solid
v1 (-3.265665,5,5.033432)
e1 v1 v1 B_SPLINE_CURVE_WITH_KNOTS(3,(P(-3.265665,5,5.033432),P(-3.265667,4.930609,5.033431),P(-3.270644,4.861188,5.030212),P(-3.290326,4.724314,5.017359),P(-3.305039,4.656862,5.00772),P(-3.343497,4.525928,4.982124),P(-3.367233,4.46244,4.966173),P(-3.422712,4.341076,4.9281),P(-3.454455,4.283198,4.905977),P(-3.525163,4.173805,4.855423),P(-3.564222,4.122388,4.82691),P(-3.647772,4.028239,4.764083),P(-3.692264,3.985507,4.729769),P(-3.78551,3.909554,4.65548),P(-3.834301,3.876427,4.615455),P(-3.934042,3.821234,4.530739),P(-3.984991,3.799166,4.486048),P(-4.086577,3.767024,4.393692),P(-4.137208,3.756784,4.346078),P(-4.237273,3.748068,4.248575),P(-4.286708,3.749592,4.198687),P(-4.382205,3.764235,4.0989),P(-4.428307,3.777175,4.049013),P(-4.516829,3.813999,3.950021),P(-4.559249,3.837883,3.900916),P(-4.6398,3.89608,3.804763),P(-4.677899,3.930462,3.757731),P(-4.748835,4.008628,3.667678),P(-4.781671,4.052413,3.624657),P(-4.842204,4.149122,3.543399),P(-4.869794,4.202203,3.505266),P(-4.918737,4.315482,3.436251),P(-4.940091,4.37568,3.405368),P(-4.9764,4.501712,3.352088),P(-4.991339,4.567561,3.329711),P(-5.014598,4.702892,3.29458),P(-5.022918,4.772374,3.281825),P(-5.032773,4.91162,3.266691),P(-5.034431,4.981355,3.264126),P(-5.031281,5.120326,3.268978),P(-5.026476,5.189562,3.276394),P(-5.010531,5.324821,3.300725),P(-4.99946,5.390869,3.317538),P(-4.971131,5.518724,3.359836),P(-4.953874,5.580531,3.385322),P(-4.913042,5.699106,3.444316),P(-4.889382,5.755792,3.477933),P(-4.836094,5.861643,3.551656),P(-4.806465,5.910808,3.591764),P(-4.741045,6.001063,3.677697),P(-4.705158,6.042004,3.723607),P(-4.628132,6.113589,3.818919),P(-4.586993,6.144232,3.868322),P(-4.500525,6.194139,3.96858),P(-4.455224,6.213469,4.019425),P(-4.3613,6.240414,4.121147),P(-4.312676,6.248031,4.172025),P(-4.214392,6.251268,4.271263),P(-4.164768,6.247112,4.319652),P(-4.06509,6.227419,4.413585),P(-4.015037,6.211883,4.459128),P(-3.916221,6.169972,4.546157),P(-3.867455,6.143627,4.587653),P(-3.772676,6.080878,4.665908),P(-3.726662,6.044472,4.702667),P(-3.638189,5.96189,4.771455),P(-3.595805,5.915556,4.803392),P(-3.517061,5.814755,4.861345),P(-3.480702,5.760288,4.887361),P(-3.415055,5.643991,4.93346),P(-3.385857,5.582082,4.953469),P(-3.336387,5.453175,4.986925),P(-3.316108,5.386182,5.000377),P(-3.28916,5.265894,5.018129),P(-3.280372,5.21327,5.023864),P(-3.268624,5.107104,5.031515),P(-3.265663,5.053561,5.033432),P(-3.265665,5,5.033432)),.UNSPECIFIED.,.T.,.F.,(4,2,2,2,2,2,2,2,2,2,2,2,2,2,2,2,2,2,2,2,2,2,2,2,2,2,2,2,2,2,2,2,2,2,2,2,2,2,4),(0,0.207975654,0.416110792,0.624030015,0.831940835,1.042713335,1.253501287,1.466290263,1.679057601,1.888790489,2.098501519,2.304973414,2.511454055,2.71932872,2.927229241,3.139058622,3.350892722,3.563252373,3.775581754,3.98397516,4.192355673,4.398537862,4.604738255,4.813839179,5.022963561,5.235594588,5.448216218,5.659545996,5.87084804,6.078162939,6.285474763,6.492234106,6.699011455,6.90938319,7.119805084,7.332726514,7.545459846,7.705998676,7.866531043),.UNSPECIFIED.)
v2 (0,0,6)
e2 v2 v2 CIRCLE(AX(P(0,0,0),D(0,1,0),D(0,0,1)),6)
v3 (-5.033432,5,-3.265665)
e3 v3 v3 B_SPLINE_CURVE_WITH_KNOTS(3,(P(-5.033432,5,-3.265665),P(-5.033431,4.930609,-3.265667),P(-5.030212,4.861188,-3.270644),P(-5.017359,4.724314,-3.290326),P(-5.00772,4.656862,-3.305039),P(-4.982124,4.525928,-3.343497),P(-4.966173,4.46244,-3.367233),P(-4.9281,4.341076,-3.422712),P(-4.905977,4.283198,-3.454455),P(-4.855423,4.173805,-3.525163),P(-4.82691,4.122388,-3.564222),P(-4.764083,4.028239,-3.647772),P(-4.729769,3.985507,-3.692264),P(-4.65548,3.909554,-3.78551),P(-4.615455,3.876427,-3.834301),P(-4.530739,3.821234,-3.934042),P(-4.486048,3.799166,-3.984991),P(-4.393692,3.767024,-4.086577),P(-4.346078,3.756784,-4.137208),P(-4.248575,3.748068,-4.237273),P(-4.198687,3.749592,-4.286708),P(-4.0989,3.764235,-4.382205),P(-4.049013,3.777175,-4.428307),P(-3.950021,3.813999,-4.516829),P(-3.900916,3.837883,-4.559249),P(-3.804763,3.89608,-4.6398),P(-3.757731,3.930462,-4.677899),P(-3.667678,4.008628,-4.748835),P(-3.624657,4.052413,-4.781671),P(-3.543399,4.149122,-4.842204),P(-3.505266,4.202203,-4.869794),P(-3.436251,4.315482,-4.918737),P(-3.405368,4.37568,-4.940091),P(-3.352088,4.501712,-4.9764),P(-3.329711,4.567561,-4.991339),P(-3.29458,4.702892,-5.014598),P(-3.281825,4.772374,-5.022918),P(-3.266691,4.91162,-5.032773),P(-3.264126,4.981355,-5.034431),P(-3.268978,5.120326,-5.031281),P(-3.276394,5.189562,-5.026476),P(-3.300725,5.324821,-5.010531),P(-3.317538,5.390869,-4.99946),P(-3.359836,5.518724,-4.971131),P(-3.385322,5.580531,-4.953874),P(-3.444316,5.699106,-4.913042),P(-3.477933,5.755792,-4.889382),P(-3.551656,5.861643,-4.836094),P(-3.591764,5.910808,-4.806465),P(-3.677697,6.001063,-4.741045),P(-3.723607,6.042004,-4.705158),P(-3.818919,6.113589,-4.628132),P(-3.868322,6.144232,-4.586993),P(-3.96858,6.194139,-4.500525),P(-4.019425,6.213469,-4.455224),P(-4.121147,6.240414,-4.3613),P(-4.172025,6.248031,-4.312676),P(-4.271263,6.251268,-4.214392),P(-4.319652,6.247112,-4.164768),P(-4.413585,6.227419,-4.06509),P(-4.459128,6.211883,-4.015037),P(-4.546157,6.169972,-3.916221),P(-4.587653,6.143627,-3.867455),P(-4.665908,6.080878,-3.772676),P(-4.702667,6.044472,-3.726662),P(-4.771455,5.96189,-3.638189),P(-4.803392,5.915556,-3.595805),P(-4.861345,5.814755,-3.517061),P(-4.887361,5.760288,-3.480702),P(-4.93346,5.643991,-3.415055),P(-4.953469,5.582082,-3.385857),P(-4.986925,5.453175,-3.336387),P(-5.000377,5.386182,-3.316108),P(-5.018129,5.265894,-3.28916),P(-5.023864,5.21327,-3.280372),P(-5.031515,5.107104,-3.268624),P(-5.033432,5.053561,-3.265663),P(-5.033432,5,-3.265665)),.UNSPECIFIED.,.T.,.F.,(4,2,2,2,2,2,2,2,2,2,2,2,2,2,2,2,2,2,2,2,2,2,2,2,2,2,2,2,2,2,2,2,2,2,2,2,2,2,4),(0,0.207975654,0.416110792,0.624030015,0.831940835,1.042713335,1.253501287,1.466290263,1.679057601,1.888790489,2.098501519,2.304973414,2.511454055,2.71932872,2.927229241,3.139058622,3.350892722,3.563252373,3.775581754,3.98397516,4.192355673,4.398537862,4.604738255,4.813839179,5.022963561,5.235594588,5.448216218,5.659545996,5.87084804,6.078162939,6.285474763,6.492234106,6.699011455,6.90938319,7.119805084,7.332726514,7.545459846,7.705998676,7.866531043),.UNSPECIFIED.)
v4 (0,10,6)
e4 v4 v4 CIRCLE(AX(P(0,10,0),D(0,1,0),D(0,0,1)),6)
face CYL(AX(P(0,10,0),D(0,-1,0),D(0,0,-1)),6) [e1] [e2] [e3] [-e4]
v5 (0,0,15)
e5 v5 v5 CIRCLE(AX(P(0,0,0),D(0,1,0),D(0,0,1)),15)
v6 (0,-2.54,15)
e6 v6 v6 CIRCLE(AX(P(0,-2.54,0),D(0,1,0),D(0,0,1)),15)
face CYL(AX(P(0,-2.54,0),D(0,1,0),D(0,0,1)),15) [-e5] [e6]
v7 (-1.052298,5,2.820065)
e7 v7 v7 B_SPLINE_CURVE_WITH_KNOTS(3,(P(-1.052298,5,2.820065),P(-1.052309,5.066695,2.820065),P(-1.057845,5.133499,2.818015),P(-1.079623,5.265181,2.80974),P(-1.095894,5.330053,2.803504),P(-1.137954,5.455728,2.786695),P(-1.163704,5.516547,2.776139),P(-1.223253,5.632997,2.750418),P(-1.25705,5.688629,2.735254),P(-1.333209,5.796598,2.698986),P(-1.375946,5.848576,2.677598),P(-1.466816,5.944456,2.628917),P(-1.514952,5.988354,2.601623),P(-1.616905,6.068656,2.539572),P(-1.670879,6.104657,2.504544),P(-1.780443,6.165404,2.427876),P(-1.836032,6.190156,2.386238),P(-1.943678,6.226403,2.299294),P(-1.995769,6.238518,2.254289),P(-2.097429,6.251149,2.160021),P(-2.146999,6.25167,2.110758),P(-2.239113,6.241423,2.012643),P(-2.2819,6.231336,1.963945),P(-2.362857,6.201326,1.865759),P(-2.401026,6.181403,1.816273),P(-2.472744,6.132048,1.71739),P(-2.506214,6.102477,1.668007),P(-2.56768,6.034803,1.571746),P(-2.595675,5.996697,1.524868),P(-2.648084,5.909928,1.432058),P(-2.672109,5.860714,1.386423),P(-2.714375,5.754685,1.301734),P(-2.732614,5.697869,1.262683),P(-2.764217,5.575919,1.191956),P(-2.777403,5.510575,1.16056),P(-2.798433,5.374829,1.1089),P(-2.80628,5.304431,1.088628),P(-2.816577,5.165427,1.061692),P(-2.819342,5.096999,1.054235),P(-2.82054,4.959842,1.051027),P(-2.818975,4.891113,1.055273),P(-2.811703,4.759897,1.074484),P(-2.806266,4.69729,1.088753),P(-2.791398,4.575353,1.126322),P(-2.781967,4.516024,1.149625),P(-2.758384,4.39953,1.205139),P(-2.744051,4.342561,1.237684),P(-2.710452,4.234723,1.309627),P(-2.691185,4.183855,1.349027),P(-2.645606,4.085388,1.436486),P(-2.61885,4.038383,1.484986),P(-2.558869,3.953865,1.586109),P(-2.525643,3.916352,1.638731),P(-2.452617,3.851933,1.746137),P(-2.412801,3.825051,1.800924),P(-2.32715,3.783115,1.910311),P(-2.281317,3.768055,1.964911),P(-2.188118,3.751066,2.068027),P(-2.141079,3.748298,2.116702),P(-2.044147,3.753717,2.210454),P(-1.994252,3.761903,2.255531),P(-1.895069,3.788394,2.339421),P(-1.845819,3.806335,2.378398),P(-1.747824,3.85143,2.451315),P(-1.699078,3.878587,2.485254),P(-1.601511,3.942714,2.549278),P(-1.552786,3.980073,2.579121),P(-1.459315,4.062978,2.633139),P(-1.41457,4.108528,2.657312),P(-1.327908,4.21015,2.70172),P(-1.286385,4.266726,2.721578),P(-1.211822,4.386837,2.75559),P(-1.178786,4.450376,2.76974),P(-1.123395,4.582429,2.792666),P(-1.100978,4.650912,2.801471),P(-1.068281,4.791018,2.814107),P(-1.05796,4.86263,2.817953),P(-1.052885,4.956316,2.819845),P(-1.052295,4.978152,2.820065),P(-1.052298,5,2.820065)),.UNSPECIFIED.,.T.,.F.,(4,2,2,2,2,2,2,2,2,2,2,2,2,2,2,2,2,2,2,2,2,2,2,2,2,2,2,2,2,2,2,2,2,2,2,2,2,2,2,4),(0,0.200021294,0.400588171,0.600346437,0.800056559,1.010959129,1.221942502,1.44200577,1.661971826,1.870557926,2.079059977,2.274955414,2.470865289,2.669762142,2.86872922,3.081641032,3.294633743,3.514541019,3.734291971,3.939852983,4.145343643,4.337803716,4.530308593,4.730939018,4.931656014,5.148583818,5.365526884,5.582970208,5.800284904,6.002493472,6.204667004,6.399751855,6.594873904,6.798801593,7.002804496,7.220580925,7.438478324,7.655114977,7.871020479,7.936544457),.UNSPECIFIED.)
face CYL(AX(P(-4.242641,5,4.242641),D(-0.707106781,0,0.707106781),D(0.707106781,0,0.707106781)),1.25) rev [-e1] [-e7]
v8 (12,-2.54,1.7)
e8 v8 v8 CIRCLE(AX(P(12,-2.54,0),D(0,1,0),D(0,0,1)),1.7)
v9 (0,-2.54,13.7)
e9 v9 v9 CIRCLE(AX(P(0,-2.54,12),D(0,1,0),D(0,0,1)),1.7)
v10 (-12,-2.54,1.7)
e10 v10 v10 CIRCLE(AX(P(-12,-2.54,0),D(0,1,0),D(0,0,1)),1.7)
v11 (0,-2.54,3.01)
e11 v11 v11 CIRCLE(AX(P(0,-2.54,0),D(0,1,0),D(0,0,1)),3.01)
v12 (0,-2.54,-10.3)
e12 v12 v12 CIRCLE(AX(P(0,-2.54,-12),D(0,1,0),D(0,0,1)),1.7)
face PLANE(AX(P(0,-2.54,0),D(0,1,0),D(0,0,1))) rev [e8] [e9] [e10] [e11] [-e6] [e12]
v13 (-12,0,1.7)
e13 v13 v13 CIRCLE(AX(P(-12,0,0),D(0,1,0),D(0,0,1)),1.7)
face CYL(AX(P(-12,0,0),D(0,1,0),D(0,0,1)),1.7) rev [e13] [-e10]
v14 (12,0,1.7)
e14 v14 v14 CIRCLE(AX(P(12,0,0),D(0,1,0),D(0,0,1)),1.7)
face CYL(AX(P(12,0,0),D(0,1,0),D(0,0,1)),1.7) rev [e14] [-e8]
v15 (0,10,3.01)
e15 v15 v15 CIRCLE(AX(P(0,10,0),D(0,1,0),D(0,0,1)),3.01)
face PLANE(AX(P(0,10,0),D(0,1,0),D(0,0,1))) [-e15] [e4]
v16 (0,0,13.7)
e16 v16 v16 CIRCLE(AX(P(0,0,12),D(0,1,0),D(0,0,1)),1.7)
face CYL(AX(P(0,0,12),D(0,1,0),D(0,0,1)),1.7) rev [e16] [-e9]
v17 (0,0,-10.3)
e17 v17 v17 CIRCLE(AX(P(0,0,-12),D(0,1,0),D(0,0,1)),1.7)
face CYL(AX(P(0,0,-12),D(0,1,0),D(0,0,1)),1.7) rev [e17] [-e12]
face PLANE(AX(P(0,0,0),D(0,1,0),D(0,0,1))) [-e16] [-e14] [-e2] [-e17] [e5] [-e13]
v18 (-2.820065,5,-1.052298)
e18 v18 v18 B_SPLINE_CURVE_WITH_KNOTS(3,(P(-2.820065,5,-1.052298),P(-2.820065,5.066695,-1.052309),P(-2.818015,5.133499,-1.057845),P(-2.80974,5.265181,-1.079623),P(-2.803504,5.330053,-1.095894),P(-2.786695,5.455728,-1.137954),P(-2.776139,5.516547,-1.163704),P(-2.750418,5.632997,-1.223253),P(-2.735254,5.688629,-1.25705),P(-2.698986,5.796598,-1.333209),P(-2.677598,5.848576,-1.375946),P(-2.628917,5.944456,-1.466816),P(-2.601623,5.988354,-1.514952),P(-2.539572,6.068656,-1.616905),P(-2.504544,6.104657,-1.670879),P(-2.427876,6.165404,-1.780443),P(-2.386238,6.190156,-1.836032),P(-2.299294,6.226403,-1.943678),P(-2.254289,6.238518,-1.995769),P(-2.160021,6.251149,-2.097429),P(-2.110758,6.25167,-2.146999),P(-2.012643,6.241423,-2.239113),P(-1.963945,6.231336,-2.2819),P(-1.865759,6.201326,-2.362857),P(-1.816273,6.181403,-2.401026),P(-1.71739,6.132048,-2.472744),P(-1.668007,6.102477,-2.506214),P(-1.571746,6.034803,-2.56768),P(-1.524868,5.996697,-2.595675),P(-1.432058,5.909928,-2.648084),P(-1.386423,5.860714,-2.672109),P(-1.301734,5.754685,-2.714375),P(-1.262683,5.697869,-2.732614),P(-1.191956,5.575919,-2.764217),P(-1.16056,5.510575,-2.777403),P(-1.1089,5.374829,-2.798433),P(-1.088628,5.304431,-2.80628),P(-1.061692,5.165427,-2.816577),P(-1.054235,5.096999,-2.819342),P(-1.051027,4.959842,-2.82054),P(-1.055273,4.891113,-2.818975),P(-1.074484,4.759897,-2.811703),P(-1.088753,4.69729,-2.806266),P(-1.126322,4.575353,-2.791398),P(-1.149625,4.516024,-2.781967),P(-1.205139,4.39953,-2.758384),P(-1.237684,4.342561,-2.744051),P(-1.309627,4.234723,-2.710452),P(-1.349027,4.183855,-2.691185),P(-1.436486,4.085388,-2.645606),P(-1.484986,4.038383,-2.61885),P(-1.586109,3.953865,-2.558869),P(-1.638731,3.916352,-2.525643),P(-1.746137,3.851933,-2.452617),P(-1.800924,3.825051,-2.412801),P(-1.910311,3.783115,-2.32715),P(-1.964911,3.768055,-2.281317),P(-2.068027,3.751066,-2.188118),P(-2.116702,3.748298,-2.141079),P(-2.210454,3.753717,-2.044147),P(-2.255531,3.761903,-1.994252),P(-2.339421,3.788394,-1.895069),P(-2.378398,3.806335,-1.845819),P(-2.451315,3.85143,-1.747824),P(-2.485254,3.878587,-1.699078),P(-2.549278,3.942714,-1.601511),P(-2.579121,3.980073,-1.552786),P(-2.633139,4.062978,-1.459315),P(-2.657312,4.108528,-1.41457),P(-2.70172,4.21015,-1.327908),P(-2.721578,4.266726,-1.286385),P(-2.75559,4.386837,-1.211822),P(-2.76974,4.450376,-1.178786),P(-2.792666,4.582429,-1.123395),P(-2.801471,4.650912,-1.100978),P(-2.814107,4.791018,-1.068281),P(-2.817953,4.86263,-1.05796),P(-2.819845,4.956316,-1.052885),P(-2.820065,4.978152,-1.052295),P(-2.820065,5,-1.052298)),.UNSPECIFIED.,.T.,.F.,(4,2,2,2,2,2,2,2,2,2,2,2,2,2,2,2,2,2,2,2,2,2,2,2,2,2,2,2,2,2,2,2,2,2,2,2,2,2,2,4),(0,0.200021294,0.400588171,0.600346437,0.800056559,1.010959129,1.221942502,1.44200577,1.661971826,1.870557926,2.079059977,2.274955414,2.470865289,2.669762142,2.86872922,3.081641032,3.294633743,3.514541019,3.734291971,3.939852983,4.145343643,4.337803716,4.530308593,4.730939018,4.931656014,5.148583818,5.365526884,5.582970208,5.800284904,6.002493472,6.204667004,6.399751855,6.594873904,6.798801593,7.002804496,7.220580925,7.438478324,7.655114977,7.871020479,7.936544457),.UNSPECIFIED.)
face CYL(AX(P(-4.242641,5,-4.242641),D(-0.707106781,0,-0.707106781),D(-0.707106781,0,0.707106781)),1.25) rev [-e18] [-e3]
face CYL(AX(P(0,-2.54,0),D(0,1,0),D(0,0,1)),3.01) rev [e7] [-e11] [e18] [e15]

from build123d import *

# Parameters (mm, degrees)
SKETCH1_R                        = 15
SKETCH1_R_2                      = 6
SKETCH1_R_3                      = 3.01
BOSS_EXTRUDE4_DEPTH              = 2.54
BOSS_EXTRUDE5_START              = 10
SKETCH1_8_R                      = 6
SKETCH1_8_R_2                    = 3.01
BOSS_EXTRUDE5_DEPTH              = 10
M3_CLEARANCE_HOLE1_D             = 3.4
TAP_DRILL_FOR_M3X0_5_TAP1_REACH  = 30.992
TAP_DRILL_FOR_M3X0_5_TAP1_BORE_R = 1.25
TAP_DRILL_FOR_M3X0_5_TAP2_REACH  = 30.992
TAP_DRILL_FOR_M3X0_5_TAP2_BORE_R = 1.25


with BuildPart() as part:
    # Sketch1 → Boss-Extrude4 (new body)
    # profile 1 of 2: a face of its own
    with BuildSketch(Plane(origin=(0, 0, 0), x_dir=(1, 0, 0), z_dir=(0, 1, 0))):
        with Locations(Location((0, 0, 0), (0, 0, 270))):
            Circle(SKETCH1_R)
        Circle(SKETCH1_R_2, mode=Mode.SUBTRACT)
    # profile 2 of 2: a face of its own
    with BuildSketch(Plane(origin=(0, 0, 0), x_dir=(1, 0, 0), z_dir=(0, 1, 0))):
        Circle(SKETCH1_R_2)
        with Locations(Location((0, 0, 0), (0, 0, 270))):
            Circle(SKETCH1_R_3, mode=Mode.SUBTRACT)
    extrude(amount=-BOSS_EXTRUDE4_DEPTH)

    # Sketch1<8> → Boss-Extrude5 (add)
    with BuildSketch(Plane(origin=(0, 0, 0), x_dir=(1, 0, 0), z_dir=(0, 1, 0)).offset(BOSS_EXTRUDE5_START)):
        with Locations(Location((0, 0, 0), (0, 0, 270))):
            Circle(SKETCH1_8_R)
        with Locations(Location((0, 0, 0), (0, 0, 270))):
            Circle(SKETCH1_8_R_2, mode=Mode.SUBTRACT)
    extrude(amount=-BOSS_EXTRUDE5_DEPTH)

    # M3 Clearance Hole1 (through all)
    with Locations(Plane(origin=(0, 0, 0), x_dir=(1, 0, 0), z_dir=(0, 1, 0))):
        with Locations((0, 12), (12, 0), (-12, 0), (0, -12)):
            Hole(M3_CLEARANCE_HOLE1_D / 2)

    # Tap Drill for M3x0.5 Tap1 bore → Tap Drill for M3x0.5 Tap1 (cut, up to next)
    with BuildSketch(Plane(origin=(-4.242640687, 0, -4.242640687), x_dir=(0, -1, 0), z_dir=(-0.7071067811865464, 0, -0.7071067811865488)), mode=Mode.PRIVATE) as tap_drill_for_m3x0_5_tap1_sk1:
        with Locations((-5, 0)):
            Circle(TAP_DRILL_FOR_M3X0_5_TAP1_BORE_R)
    tap_drill_for_m3x0_5_tap1_tool1 = extrude(tap_drill_for_m3x0_5_tap1_sk1.sketch, amount=-TAP_DRILL_FOR_M3X0_5_TAP1_REACH, mode=Mode.PRIVATE) & part.part
    add(tap_drill_for_m3x0_5_tap1_tool1.solids().sort_by_distance((-4.242641, 5, -4.242641))[0], mode=Mode.SUBTRACT)

    # Tap Drill for M3x0.5 Tap2 bore → Tap Drill for M3x0.5 Tap2 (cut, up to next)
    with BuildSketch(Plane(origin=(-4.242640687, 0, 4.242640687), x_dir=(0, -1, 0), z_dir=(-0.7071067811865512, 0, 0.7071067811865438)), mode=Mode.PRIVATE) as tap_drill_for_m3x0_5_tap2_sk1:
        with Locations((-5, 0)):
            Circle(TAP_DRILL_FOR_M3X0_5_TAP2_BORE_R)
    tap_drill_for_m3x0_5_tap2_tool1 = extrude(tap_drill_for_m3x0_5_tap2_sk1.sketch, amount=-TAP_DRILL_FOR_M3X0_5_TAP2_REACH, mode=Mode.PRIVATE) & part.part
    add(tap_drill_for_m3x0_5_tap2_tool1.solids().sort_by_distance((-4.242641, 5, 4.242641))[0], mode=Mode.SUBTRACT)


solid = part.part
